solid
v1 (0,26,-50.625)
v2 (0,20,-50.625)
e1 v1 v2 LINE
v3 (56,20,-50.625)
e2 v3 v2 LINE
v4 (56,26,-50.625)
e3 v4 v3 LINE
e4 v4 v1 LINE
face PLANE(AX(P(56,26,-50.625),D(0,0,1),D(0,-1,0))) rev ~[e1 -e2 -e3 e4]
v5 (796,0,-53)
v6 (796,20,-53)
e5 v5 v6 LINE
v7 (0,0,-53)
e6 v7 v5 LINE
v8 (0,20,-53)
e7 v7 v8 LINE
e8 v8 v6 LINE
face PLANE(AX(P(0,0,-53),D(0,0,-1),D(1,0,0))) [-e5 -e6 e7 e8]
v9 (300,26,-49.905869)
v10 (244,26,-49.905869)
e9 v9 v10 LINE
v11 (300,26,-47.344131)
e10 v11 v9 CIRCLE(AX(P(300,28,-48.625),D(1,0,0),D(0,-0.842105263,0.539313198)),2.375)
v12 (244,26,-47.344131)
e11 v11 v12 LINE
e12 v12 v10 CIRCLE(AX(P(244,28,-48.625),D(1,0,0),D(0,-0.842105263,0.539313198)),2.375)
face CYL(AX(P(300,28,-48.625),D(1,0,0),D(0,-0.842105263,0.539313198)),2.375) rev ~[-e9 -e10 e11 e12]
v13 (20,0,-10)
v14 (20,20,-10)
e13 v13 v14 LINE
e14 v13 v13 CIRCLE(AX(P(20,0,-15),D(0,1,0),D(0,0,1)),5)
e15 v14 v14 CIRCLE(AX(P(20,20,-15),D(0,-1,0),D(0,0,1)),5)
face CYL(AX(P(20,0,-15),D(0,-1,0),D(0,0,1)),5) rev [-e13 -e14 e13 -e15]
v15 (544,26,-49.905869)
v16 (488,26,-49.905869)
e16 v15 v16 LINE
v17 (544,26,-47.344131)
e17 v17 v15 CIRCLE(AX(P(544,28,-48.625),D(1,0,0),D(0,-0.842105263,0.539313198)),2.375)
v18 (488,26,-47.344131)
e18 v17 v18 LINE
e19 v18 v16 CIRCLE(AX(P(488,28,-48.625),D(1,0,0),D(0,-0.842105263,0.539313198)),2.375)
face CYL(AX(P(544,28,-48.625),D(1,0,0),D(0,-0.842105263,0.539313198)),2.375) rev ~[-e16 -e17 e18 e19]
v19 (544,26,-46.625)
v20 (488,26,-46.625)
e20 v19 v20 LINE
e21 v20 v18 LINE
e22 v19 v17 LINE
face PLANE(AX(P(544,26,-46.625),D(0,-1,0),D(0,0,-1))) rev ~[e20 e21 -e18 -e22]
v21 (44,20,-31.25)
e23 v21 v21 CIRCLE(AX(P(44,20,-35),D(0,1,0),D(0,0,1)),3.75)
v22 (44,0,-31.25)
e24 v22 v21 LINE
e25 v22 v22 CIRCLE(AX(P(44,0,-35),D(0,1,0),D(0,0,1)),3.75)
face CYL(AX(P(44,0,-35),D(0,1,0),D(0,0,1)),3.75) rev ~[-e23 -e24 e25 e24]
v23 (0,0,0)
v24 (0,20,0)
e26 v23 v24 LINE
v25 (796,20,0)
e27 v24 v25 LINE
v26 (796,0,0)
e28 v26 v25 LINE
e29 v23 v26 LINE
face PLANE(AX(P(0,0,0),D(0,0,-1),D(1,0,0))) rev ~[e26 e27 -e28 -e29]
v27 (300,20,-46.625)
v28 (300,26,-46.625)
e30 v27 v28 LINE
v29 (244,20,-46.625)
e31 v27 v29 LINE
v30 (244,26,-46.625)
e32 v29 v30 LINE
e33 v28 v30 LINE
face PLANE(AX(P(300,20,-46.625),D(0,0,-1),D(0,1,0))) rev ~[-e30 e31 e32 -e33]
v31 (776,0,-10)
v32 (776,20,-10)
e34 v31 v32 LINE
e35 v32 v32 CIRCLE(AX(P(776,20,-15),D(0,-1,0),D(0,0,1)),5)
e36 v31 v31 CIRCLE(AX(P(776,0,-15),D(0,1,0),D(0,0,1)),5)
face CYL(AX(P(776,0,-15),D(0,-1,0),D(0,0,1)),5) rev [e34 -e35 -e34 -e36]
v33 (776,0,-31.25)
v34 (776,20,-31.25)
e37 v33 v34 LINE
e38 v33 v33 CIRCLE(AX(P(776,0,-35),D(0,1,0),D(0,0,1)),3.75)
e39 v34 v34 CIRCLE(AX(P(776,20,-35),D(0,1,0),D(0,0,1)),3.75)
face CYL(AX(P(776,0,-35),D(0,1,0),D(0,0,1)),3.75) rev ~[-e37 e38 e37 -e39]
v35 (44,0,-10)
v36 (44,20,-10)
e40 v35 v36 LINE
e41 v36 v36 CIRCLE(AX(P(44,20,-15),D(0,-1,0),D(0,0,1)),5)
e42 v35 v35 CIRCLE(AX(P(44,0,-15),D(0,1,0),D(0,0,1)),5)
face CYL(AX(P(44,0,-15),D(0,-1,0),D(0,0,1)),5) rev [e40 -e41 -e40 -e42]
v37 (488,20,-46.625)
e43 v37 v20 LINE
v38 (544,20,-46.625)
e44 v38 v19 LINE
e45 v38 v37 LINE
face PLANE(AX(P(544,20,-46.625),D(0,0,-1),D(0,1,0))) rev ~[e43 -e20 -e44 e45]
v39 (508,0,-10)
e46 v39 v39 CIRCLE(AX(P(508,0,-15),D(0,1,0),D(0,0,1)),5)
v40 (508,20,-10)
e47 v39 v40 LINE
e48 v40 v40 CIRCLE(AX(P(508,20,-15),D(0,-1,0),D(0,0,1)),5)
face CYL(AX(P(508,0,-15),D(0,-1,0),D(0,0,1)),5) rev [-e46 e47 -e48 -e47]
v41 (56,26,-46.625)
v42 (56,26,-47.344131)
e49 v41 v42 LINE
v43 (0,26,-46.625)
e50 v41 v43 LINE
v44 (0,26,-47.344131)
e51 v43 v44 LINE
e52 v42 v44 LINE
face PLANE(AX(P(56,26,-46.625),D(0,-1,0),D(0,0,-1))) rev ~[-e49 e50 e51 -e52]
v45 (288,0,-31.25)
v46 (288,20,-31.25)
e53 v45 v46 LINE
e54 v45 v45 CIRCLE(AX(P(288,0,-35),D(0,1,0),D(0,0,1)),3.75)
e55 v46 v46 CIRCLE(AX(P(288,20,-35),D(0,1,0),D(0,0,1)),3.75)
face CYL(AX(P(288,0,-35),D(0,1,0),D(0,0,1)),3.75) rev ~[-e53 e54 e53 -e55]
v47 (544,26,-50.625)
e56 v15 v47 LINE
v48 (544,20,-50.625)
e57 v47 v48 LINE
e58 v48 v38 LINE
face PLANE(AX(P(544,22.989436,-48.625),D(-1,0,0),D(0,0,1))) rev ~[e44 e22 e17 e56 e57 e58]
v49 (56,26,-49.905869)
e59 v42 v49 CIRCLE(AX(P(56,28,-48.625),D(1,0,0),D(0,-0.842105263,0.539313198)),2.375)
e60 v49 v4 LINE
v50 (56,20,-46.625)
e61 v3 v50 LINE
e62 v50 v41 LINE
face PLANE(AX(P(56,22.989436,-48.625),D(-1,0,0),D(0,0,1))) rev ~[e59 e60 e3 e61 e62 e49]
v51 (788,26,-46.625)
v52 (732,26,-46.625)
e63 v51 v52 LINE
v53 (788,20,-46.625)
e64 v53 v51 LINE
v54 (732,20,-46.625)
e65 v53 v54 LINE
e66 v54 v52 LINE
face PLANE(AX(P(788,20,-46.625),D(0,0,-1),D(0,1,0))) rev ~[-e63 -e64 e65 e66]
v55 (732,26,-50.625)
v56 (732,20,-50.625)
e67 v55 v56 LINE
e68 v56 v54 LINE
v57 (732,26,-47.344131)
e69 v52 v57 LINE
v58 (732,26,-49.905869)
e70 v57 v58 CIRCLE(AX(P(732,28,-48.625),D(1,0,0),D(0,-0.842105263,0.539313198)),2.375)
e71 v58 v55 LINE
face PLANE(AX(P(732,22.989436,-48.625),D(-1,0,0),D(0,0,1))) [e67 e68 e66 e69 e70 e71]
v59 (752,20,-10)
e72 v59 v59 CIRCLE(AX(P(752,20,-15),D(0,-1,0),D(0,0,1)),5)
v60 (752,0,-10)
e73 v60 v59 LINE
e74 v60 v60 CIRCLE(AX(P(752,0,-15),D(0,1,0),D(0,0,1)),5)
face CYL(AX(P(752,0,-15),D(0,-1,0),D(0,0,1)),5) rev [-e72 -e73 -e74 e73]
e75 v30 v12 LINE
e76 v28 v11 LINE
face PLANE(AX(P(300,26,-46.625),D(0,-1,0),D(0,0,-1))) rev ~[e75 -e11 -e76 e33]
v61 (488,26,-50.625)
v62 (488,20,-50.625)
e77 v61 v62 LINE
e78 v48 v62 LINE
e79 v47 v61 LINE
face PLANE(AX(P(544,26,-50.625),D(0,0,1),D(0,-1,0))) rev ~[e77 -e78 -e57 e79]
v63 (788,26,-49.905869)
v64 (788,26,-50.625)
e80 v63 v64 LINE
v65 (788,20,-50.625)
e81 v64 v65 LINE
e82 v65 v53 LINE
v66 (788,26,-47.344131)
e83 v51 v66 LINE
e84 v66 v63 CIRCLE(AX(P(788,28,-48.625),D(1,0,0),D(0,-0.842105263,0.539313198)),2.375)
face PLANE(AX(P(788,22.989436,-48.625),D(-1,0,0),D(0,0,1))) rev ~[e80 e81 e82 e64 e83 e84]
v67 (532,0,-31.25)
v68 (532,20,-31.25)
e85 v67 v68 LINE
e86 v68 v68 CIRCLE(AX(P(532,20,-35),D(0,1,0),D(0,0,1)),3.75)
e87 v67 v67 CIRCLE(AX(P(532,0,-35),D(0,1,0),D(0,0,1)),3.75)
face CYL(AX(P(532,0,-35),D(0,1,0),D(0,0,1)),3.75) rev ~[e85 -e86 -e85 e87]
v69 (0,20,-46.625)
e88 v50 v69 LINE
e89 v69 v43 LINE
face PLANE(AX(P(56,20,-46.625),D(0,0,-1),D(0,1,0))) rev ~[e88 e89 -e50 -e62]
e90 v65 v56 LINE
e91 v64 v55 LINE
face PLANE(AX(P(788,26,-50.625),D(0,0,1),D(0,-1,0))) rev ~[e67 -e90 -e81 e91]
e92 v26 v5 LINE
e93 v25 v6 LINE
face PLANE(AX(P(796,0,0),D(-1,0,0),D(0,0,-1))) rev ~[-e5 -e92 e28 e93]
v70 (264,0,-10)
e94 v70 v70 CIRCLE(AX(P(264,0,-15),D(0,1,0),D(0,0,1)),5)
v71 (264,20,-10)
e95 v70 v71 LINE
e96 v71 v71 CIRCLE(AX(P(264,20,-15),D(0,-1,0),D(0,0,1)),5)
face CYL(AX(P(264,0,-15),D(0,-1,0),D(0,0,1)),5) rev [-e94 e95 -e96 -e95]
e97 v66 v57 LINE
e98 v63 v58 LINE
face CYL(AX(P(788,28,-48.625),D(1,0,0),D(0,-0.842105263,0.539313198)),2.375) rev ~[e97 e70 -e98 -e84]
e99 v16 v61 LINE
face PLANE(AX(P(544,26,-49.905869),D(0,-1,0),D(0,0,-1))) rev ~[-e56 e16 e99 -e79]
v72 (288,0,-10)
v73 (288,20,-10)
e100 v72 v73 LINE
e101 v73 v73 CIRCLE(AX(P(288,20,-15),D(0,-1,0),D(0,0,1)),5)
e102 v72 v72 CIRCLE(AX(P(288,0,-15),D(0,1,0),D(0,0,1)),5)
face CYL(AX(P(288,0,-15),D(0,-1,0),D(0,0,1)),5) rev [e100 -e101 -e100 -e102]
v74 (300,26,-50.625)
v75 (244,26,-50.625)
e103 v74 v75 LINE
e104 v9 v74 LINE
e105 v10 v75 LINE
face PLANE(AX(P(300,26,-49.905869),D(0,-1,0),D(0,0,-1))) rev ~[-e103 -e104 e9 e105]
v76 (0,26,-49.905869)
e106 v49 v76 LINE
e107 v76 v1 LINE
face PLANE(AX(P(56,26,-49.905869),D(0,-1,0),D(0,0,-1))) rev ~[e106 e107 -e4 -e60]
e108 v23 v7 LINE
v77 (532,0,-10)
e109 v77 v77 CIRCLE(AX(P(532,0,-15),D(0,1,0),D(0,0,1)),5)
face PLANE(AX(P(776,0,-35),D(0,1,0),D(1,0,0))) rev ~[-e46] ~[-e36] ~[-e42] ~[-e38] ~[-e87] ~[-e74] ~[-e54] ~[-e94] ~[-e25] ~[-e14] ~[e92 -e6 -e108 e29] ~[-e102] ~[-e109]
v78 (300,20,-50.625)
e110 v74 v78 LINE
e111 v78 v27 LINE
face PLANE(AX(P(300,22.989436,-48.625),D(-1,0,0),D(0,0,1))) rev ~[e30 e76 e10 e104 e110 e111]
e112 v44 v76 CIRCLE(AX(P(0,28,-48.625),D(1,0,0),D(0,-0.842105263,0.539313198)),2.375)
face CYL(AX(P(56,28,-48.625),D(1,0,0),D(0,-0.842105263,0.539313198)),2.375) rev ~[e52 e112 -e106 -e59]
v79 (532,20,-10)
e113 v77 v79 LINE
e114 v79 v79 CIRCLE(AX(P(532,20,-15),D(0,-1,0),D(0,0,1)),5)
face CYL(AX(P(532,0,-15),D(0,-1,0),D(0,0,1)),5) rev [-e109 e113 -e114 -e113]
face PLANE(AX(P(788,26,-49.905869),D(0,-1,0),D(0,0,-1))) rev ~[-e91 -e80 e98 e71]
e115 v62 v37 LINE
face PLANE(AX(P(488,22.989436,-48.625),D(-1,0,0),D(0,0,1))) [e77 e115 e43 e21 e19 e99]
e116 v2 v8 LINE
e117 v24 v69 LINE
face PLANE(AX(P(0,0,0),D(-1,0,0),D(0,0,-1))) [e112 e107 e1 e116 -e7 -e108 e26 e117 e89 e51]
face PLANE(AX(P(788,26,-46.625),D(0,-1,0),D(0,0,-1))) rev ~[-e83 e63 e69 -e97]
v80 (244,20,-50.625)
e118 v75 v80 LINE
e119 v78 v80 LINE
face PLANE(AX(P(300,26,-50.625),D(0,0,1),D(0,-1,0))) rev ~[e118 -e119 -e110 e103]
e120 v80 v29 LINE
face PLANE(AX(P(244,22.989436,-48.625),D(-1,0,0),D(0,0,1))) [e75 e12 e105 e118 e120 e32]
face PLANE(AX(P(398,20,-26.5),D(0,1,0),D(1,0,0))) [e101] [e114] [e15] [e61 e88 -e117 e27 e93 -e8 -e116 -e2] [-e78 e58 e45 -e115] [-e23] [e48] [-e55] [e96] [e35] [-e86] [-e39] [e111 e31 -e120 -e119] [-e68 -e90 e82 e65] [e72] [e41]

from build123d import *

# Parameters (mm, degrees)
SKETCH2_W           = 796
SKETCH2_H           = 53
BOSS_EXTRUDE1_DEPTH = 20
SKETCH2_3_R         = 5
SKETCH2_3_R_2       = 3.75
CUT_EXTRUDE1_DEPTH  = 799.013157786
BOSS_EXTRUDE2_START = -8
BOSS_EXTRUDE2_DEPTH = 56
LPATTERN1_COUNT     = 4
LPATTERN1_PITCH     = 244


with BuildPart() as part:
    # Sketch2 → Boss-Extrude1 (new body)
    with BuildSketch(Plane(origin=(0, 0, 0), x_dir=(1, 0, 0), z_dir=(0, 1, 0))):
        with Locations((398, 26.5)):
            Rectangle(SKETCH2_W, SKETCH2_H)
    extrude(amount=BOSS_EXTRUDE1_DEPTH)

    # Sketch2<3> → Cut-Extrude1 (cut, symmetric)
    with BuildSketch(Plane(origin=(0, 0, 0), x_dir=(1, 0, 0), z_dir=(0, 1, 0))):
        with Locations((752, 15)):
            Circle(SKETCH2_3_R)
        with Locations((776, 35)):
            Circle(SKETCH2_3_R_2)
        with Locations((776, 15)):
            Circle(SKETCH2_3_R)
    cut_extrude1 = extrude(amount=CUT_EXTRUDE1_DEPTH, both=True, mode=Mode.SUBTRACT)

    # Sketch3 → Boss-Extrude2 (add)
    with BuildSketch(Plane(origin=(796, 0, 0), x_dir=(0, 0, -1), z_dir=(1, 0, 0)).offset(BOSS_EXTRUDE2_START)):
        with BuildLine():
            Line((50.625, 20), (46.625, 20))
            Line((46.625, 20), (46.625, 26))
            Line((46.625, 26), (47.344131154, 26))
            ThreePointArc((47.344131154, 26), (48.625, 25.625), (49.905868846, 26))
            Line((49.905868846, 26), (50.625, 26))
            Line((50.625, 26), (50.625, 20))
        make_face()
    boss_extrude2 = extrude(amount=-BOSS_EXTRUDE2_DEPTH)

    # LPattern1: Cut-Extrude1, Boss-Extrude2 ×4
    with Locations(*[(-i * LPATTERN1_PITCH, 0, 0) for i in range(1, LPATTERN1_COUNT)]):
        add(cut_extrude1, mode=Mode.SUBTRACT)
        add(boss_extrude2)


solid = part.part
